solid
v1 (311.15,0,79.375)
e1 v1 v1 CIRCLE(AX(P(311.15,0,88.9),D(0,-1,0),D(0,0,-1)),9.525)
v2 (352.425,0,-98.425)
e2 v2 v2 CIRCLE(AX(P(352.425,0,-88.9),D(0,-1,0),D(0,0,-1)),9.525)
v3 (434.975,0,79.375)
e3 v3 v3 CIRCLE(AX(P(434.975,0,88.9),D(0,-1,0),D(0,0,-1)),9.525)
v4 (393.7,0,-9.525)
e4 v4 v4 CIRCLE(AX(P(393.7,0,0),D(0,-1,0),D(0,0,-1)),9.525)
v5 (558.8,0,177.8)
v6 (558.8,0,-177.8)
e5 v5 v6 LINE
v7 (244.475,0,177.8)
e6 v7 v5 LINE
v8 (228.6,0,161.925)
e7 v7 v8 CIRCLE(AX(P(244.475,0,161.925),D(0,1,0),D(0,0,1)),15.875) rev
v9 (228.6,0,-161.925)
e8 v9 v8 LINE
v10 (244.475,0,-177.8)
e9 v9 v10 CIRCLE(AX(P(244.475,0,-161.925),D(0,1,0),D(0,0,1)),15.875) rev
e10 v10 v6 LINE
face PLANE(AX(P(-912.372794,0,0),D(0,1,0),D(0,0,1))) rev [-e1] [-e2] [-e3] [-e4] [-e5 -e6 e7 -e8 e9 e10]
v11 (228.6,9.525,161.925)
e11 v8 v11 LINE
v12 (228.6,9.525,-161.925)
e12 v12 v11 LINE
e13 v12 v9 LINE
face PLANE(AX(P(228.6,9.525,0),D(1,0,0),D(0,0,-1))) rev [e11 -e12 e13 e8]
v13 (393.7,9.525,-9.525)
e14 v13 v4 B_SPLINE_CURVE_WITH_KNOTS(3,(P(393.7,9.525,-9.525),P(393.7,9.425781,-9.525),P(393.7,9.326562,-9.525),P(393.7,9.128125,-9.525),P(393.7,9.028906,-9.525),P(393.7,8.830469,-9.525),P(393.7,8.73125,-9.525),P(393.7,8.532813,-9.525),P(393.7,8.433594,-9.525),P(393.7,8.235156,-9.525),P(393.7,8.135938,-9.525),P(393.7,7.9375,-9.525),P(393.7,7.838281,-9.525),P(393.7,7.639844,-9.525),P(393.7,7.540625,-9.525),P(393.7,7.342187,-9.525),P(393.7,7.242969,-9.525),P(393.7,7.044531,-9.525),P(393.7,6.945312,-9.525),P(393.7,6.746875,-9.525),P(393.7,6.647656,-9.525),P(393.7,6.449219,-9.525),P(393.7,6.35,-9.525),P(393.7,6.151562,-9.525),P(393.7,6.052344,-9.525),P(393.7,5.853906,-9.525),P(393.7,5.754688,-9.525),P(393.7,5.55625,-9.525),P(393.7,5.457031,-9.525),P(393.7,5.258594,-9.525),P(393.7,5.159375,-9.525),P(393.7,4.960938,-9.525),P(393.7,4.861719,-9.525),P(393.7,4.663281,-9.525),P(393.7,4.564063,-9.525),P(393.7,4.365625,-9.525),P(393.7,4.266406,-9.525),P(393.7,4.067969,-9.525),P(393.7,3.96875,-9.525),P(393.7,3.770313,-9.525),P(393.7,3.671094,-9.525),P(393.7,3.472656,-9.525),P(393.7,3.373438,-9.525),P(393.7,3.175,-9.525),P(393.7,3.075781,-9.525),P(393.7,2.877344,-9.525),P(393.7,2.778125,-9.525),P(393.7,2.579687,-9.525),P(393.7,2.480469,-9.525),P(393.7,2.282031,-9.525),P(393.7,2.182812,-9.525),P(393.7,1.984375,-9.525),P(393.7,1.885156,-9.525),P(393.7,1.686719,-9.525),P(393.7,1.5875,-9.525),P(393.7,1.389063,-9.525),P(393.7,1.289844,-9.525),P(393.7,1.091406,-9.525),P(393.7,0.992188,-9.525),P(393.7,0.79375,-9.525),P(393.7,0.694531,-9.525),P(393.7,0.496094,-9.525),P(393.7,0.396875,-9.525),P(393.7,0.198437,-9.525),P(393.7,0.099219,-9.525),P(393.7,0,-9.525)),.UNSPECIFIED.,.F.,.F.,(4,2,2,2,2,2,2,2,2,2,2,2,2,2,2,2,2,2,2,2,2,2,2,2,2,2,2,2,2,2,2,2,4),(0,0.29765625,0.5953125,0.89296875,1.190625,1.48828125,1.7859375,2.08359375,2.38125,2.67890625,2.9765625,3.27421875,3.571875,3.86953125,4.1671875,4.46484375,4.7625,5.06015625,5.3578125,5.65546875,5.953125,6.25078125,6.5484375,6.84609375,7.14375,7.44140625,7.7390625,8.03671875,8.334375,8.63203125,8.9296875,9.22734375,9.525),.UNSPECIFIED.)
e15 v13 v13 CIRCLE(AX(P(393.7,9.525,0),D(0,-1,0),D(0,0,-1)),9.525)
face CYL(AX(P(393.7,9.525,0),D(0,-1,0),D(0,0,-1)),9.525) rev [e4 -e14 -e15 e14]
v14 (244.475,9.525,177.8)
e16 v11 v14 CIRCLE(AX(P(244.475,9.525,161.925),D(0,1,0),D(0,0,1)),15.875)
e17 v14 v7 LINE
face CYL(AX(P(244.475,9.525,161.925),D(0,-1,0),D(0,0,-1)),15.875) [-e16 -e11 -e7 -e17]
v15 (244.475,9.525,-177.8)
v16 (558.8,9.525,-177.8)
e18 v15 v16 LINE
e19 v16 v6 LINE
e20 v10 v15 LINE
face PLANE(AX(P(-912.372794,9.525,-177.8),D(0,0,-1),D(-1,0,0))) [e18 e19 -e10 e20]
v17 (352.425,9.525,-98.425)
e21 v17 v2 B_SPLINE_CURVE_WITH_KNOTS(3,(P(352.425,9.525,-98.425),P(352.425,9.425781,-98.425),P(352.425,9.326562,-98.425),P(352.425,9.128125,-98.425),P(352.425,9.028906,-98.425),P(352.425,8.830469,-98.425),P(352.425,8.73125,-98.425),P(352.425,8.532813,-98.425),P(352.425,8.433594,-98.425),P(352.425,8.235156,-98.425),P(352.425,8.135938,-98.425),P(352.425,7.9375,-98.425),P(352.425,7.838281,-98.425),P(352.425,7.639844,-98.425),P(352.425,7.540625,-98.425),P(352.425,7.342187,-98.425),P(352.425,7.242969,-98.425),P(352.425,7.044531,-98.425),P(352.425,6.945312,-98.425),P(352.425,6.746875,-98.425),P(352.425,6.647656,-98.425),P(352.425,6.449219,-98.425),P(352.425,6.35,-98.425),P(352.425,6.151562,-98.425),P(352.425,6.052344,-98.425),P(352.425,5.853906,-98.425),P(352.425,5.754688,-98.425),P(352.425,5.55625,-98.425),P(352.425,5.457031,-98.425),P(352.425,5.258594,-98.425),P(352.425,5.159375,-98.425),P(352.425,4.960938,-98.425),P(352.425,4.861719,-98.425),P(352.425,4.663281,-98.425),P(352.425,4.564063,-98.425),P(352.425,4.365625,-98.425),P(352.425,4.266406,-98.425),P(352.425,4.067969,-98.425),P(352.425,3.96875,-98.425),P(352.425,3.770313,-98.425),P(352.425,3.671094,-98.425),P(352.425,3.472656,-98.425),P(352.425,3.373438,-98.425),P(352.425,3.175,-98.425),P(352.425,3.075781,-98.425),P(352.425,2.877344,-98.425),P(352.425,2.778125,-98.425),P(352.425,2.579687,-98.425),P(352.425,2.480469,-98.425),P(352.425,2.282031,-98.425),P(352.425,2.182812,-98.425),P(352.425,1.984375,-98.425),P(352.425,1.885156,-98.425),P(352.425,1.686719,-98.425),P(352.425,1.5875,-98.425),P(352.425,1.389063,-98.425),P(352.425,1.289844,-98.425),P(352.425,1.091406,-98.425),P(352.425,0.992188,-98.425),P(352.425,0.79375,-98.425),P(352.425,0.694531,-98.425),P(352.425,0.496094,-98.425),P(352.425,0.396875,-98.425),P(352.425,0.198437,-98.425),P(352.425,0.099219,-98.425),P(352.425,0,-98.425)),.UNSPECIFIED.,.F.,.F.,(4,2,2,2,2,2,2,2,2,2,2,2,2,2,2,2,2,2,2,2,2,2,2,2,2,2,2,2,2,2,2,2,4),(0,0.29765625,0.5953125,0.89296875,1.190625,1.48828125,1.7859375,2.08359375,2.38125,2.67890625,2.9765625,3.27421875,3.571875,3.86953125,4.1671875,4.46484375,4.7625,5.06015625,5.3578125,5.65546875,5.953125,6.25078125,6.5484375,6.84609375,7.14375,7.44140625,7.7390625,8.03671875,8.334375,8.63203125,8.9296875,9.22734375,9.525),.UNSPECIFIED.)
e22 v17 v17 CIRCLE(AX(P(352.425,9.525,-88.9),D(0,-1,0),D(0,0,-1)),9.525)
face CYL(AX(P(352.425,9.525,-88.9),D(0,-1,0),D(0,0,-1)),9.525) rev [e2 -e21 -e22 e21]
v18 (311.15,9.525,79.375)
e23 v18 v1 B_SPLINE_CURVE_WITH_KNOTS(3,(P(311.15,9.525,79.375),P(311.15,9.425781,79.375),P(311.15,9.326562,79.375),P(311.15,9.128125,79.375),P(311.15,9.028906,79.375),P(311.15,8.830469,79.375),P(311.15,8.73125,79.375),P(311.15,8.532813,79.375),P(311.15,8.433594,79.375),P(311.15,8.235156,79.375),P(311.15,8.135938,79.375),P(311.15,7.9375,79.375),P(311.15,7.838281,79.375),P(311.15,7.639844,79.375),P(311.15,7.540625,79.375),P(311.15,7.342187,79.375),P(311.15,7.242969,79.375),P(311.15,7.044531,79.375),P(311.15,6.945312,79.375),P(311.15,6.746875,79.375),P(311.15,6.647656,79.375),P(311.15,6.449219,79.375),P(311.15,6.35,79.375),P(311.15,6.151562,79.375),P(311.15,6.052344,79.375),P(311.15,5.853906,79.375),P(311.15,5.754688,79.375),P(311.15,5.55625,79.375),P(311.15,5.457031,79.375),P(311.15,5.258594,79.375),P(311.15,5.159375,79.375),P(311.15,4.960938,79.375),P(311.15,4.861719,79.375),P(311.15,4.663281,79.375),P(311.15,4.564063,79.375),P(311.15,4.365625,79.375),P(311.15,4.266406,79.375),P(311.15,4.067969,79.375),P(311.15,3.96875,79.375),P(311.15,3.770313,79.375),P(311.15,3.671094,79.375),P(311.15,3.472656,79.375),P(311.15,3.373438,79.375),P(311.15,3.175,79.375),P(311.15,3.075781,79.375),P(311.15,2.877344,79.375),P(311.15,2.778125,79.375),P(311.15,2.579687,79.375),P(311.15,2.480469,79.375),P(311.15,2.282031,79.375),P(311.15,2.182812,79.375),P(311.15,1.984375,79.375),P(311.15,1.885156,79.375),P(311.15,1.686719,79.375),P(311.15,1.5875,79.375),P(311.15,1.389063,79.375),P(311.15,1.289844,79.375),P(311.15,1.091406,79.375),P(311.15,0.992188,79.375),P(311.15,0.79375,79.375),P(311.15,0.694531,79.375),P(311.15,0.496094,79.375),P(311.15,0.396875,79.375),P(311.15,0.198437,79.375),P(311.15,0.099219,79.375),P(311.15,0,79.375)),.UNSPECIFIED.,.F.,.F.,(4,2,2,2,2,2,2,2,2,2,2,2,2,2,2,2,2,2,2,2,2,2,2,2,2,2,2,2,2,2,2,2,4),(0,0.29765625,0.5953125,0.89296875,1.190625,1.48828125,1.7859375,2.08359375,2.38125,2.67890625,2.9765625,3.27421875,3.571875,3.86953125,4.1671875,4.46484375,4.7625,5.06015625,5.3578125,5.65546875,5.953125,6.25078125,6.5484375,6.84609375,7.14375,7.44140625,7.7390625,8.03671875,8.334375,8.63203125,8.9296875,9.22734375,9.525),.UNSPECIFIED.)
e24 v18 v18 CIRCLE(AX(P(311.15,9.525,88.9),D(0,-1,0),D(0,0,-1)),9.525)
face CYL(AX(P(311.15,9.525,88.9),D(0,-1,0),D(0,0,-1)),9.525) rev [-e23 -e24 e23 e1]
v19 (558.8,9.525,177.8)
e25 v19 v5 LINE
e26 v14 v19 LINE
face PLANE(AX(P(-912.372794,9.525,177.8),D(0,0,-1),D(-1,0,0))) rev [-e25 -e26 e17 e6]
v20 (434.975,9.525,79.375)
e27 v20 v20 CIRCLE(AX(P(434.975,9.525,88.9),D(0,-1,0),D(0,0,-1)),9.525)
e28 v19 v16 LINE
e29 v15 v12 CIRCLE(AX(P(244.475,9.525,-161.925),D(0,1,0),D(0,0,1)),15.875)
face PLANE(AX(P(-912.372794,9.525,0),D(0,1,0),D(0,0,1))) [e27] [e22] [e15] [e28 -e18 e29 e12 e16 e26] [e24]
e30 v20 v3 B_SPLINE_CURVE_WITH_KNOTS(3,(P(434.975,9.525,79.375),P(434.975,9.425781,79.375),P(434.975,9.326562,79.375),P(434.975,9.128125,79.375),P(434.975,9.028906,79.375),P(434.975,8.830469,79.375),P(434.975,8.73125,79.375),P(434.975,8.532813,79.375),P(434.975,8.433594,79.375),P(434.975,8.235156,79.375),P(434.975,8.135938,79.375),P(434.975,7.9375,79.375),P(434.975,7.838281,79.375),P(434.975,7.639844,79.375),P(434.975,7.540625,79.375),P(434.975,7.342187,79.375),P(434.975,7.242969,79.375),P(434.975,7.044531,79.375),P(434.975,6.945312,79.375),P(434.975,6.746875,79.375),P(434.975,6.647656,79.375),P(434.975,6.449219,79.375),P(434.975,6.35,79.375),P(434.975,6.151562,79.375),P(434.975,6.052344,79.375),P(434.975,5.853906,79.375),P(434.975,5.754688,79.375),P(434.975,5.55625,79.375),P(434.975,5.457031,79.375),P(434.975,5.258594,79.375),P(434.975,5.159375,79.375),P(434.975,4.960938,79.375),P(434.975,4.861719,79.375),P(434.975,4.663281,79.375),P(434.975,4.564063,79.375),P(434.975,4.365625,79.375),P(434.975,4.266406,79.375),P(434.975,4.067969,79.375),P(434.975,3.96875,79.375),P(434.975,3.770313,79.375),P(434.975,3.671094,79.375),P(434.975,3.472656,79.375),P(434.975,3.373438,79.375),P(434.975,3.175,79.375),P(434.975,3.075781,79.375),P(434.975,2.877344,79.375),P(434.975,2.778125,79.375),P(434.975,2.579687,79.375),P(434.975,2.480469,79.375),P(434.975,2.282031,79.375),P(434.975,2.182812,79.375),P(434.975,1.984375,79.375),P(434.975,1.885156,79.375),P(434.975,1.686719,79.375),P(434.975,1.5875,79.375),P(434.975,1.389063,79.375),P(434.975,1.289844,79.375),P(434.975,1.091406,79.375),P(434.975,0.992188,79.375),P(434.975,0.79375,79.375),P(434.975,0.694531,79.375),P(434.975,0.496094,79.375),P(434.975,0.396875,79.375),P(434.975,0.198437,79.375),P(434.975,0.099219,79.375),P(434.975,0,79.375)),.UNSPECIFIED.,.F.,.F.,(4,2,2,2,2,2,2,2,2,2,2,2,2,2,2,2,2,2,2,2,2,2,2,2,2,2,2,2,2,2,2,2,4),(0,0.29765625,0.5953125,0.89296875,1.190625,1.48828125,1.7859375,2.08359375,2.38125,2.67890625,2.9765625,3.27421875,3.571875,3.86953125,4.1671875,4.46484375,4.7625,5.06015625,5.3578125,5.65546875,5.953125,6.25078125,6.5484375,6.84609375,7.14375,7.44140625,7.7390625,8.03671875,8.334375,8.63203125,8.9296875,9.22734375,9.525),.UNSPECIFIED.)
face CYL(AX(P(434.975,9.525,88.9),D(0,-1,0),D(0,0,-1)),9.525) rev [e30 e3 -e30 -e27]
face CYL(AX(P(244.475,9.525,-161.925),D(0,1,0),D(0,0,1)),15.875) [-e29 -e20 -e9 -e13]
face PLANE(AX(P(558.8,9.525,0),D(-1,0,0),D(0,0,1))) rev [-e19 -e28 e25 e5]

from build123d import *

# Parameters (mm, degrees)
BOSS_EXTRUDE1_DEPTH = 9.525
BOSS_EXTRUDE2_DEPTH = 9.525
SKETCH3_R           = 9.525
CUT_EXTRUDE6_DEPTH  = 587.481888574
FILLET1_R           = 15.875


with BuildPart() as part:
    # Sketch1 → Boss-Extrude1 (new body)
    with BuildSketch(Plane(origin=(0, 0, 0), x_dir=(1, 0, 0), z_dir=(0, 1, 0))):
        Polygon((461.512355724, 17.636671785), (558.8, 99.270698215), (558.8, 177.8), (228.6, 177.8), (228.6, -177.8), align=None)
    extrude(amount=BOSS_EXTRUDE1_DEPTH)

    # Sketch1<4> → Boss-Extrude2 (add)
    with BuildSketch(Plane(origin=(0, 0, 0), x_dir=(1, 0, 0), z_dir=(0, 1, 0))):
        Polygon((558.8, -177.8), (558.8, 99.270698215), (461.512355724, 17.636671785), (228.6, -177.8), align=None)
    extrude(amount=BOSS_EXTRUDE2_DEPTH)

    # Sketch3 → Cut-Extrude6 (cut, through all)
    with BuildSketch(Plane.XZ):
        with Locations((393.7, 0)):
            Circle(SKETCH3_R)
        with Locations((352.425, -88.9)):
            Circle(SKETCH3_R)
        with Locations((311.15, 88.9)):
            Circle(SKETCH3_R)
        with Locations((434.975, 88.9)):
            Circle(SKETCH3_R)
    extrude(amount=-CUT_EXTRUDE6_DEPTH, mode=Mode.SUBTRACT)

    # Fillet1
    fillet1_edges = [part.edges().sort_by_distance(p)[0] for p in [
        (228.6, 4.7625, 177.8),
        (228.6, 4.7625, -177.8),
    ]]
    fillet(fillet1_edges, radius=FILLET1_R)


solid = part.part
